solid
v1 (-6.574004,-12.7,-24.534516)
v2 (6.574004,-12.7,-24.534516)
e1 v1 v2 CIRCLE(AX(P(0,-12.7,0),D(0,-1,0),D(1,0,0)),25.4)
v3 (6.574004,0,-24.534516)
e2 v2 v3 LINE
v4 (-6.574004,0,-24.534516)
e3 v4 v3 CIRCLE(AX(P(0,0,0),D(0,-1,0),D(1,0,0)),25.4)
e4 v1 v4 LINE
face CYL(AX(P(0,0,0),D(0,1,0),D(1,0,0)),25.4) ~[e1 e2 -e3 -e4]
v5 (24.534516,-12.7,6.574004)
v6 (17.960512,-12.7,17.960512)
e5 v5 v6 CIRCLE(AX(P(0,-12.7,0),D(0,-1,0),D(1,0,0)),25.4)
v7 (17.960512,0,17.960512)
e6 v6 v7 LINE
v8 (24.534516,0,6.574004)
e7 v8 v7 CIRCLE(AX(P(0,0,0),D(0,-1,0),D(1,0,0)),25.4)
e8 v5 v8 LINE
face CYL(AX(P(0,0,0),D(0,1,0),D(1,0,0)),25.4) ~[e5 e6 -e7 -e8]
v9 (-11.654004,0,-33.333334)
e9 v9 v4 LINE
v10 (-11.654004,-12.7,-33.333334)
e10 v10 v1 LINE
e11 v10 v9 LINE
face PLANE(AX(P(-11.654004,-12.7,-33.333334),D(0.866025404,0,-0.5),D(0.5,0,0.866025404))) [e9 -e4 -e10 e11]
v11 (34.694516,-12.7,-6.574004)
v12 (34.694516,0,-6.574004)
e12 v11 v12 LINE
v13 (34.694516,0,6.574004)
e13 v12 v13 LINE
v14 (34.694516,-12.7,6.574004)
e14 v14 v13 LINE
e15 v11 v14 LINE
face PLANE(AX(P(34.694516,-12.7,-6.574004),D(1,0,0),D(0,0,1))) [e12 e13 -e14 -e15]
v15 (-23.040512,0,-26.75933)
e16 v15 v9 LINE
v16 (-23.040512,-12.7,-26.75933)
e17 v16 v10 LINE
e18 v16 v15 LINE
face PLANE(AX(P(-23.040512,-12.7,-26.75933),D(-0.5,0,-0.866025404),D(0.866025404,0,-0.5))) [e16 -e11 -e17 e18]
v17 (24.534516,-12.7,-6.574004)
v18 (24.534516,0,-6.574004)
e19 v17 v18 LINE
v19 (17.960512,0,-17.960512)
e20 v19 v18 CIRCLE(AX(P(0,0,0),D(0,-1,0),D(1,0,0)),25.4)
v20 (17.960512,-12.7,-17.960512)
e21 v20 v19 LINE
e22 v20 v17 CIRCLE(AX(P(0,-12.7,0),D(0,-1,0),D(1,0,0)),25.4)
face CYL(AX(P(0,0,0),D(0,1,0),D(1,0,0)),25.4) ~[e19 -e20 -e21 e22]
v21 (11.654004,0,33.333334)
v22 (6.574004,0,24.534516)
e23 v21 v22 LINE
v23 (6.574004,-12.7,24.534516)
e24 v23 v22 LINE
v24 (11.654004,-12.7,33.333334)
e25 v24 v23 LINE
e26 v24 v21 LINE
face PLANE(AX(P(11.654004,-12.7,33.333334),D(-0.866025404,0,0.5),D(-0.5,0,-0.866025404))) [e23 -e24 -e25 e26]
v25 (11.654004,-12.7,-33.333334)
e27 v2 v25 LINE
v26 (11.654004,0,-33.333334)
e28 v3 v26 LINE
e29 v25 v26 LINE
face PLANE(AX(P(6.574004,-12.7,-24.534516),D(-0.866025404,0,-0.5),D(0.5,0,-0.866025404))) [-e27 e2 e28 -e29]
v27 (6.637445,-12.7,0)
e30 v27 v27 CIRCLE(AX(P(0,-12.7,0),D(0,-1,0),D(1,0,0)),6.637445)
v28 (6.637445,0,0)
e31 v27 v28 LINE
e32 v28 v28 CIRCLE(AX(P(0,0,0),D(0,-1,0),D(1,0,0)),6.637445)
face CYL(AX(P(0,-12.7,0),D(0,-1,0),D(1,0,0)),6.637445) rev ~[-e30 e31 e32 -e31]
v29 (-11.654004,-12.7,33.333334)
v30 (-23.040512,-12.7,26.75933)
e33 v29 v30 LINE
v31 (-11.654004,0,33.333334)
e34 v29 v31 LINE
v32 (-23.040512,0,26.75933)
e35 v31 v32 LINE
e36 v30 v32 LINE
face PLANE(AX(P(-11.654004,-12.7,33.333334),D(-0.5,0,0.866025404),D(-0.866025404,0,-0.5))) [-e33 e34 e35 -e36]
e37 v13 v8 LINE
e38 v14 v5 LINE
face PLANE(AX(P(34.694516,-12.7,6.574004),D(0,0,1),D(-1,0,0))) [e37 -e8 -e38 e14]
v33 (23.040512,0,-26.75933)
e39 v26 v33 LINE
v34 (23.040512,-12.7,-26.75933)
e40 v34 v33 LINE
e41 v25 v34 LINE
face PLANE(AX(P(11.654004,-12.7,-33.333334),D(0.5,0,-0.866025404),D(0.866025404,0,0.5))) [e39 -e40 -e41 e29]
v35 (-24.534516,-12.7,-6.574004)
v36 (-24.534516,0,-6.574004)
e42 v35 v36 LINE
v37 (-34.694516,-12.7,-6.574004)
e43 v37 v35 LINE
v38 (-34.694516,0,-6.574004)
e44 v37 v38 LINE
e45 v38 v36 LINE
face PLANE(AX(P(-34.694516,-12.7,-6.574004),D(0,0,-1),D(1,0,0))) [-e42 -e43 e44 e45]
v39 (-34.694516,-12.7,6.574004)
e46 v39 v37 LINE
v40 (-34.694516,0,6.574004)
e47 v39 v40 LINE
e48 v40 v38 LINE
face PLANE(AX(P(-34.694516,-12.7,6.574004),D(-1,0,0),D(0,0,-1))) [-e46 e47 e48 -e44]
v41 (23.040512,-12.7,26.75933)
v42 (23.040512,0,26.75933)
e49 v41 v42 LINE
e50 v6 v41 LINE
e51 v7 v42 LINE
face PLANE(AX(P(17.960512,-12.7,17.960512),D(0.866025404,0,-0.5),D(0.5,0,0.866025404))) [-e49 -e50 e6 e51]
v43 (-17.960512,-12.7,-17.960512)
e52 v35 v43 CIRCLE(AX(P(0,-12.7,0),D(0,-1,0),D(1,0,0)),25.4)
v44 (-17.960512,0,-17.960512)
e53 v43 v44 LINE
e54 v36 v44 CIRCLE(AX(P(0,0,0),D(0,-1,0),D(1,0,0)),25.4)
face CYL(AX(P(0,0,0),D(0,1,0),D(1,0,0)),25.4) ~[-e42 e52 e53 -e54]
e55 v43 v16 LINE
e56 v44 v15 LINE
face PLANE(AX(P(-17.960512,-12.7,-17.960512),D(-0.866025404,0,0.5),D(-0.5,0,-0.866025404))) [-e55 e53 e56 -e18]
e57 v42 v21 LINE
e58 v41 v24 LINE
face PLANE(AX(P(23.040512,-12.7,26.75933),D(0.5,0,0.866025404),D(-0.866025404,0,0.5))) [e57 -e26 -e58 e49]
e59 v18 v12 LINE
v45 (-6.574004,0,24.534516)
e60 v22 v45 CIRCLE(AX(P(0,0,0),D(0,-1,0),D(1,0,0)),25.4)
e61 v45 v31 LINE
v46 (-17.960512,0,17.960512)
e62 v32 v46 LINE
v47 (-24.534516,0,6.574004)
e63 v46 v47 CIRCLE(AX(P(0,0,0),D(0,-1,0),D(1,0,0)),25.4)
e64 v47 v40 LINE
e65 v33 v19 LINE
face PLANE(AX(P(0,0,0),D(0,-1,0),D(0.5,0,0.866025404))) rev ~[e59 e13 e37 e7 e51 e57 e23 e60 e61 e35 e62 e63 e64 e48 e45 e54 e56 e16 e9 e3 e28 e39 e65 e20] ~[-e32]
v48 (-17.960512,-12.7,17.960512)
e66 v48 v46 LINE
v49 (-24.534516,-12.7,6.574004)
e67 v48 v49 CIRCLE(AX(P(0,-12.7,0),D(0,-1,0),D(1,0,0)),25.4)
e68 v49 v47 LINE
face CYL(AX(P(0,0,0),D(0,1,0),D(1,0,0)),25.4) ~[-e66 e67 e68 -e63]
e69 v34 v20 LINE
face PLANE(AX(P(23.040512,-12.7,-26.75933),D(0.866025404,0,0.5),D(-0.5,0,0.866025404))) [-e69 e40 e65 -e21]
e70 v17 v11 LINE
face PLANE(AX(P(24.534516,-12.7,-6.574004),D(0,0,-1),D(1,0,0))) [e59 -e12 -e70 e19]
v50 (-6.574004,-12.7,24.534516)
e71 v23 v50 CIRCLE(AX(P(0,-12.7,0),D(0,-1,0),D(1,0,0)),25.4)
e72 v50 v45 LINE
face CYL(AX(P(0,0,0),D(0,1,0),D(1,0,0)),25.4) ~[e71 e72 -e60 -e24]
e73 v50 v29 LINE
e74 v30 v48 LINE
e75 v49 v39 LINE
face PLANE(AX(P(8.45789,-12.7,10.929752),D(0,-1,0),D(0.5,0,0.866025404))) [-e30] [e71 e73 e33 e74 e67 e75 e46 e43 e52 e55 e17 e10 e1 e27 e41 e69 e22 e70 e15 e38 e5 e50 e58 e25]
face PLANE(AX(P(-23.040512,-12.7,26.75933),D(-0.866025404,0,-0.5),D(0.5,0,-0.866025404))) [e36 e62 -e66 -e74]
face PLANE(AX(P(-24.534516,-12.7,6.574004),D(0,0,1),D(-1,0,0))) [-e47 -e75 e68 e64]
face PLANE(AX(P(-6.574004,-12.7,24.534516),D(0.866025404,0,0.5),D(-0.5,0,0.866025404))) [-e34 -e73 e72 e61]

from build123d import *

# Parameters (mm, degrees)
F0_R     = 25.4
F1_DEPTH = 12.7
F3_DEPTH = 12.7
F5_COUNT = 6
F6_R     = 6.637445
F7_DEPTH = 12.701


with BuildPart() as f1:
    # F0 (on Front) → F1 (new body)
    with BuildSketch(Plane.XZ):
        Circle(F0_R)
    extrude(amount=F1_DEPTH)

    # F2 (on face) → F3 (join)
    with BuildSketch(Plane.XZ.offset(12.7)):
        Polygon((24.534516, 0), (0, 0), (24.534516, -6.574004), align=None)
        Polygon((24.534516, 6.574004), (0, 0), (24.534516, 0), align=None)
        with BuildLine():
            Line((24.534516, 6.574004), (24.534516, 0))
            Line((24.534516, 0), (25.4, 0))
            ThreePointArc((25.4, 0), (25.182699, 3.315365), (24.534516, 6.574004))
        make_face()
        with BuildLine():
            Line((25.4, 0), (24.534516, 0))
            Line((24.534516, 0), (24.534516, -6.574004))
            ThreePointArc((24.534516, -6.574004), (25.182699, -3.315365), (25.4, 0))
        make_face()
        with BuildLine():
            ThreePointArc((25.4, 0), (25.182699, -3.315365), (24.534516, -6.574004))
            Line((24.534516, -6.574004), (34.694516, -6.574004))
            Line((34.694516, -6.574004), (34.694516, 6.574004))
            Line((34.694516, 6.574004), (24.534516, 6.574004))
            ThreePointArc((24.534516, 6.574004), (25.182699, 3.315365), (25.4, 0))
        make_face()
    extrude(amount=-F3_DEPTH)

    # F5: F1 ×6 about axis
    f5_axis = Axis((0, 32.601867, 0), (0, 1, 0))


with BuildPart() as f1_1:
    add(f1.part)
    for i in range(1, F5_COUNT):
        add(f1.part.rotate(f5_axis, i * 360 / F5_COUNT))

    # F6 (on face) → F7 (cut, through all)
    with BuildSketch(Plane.XZ.offset(12.7)):
        Circle(F6_R)
    extrude(amount=-F7_DEPTH, mode=Mode.SUBTRACT)


solid = f1_1.part
